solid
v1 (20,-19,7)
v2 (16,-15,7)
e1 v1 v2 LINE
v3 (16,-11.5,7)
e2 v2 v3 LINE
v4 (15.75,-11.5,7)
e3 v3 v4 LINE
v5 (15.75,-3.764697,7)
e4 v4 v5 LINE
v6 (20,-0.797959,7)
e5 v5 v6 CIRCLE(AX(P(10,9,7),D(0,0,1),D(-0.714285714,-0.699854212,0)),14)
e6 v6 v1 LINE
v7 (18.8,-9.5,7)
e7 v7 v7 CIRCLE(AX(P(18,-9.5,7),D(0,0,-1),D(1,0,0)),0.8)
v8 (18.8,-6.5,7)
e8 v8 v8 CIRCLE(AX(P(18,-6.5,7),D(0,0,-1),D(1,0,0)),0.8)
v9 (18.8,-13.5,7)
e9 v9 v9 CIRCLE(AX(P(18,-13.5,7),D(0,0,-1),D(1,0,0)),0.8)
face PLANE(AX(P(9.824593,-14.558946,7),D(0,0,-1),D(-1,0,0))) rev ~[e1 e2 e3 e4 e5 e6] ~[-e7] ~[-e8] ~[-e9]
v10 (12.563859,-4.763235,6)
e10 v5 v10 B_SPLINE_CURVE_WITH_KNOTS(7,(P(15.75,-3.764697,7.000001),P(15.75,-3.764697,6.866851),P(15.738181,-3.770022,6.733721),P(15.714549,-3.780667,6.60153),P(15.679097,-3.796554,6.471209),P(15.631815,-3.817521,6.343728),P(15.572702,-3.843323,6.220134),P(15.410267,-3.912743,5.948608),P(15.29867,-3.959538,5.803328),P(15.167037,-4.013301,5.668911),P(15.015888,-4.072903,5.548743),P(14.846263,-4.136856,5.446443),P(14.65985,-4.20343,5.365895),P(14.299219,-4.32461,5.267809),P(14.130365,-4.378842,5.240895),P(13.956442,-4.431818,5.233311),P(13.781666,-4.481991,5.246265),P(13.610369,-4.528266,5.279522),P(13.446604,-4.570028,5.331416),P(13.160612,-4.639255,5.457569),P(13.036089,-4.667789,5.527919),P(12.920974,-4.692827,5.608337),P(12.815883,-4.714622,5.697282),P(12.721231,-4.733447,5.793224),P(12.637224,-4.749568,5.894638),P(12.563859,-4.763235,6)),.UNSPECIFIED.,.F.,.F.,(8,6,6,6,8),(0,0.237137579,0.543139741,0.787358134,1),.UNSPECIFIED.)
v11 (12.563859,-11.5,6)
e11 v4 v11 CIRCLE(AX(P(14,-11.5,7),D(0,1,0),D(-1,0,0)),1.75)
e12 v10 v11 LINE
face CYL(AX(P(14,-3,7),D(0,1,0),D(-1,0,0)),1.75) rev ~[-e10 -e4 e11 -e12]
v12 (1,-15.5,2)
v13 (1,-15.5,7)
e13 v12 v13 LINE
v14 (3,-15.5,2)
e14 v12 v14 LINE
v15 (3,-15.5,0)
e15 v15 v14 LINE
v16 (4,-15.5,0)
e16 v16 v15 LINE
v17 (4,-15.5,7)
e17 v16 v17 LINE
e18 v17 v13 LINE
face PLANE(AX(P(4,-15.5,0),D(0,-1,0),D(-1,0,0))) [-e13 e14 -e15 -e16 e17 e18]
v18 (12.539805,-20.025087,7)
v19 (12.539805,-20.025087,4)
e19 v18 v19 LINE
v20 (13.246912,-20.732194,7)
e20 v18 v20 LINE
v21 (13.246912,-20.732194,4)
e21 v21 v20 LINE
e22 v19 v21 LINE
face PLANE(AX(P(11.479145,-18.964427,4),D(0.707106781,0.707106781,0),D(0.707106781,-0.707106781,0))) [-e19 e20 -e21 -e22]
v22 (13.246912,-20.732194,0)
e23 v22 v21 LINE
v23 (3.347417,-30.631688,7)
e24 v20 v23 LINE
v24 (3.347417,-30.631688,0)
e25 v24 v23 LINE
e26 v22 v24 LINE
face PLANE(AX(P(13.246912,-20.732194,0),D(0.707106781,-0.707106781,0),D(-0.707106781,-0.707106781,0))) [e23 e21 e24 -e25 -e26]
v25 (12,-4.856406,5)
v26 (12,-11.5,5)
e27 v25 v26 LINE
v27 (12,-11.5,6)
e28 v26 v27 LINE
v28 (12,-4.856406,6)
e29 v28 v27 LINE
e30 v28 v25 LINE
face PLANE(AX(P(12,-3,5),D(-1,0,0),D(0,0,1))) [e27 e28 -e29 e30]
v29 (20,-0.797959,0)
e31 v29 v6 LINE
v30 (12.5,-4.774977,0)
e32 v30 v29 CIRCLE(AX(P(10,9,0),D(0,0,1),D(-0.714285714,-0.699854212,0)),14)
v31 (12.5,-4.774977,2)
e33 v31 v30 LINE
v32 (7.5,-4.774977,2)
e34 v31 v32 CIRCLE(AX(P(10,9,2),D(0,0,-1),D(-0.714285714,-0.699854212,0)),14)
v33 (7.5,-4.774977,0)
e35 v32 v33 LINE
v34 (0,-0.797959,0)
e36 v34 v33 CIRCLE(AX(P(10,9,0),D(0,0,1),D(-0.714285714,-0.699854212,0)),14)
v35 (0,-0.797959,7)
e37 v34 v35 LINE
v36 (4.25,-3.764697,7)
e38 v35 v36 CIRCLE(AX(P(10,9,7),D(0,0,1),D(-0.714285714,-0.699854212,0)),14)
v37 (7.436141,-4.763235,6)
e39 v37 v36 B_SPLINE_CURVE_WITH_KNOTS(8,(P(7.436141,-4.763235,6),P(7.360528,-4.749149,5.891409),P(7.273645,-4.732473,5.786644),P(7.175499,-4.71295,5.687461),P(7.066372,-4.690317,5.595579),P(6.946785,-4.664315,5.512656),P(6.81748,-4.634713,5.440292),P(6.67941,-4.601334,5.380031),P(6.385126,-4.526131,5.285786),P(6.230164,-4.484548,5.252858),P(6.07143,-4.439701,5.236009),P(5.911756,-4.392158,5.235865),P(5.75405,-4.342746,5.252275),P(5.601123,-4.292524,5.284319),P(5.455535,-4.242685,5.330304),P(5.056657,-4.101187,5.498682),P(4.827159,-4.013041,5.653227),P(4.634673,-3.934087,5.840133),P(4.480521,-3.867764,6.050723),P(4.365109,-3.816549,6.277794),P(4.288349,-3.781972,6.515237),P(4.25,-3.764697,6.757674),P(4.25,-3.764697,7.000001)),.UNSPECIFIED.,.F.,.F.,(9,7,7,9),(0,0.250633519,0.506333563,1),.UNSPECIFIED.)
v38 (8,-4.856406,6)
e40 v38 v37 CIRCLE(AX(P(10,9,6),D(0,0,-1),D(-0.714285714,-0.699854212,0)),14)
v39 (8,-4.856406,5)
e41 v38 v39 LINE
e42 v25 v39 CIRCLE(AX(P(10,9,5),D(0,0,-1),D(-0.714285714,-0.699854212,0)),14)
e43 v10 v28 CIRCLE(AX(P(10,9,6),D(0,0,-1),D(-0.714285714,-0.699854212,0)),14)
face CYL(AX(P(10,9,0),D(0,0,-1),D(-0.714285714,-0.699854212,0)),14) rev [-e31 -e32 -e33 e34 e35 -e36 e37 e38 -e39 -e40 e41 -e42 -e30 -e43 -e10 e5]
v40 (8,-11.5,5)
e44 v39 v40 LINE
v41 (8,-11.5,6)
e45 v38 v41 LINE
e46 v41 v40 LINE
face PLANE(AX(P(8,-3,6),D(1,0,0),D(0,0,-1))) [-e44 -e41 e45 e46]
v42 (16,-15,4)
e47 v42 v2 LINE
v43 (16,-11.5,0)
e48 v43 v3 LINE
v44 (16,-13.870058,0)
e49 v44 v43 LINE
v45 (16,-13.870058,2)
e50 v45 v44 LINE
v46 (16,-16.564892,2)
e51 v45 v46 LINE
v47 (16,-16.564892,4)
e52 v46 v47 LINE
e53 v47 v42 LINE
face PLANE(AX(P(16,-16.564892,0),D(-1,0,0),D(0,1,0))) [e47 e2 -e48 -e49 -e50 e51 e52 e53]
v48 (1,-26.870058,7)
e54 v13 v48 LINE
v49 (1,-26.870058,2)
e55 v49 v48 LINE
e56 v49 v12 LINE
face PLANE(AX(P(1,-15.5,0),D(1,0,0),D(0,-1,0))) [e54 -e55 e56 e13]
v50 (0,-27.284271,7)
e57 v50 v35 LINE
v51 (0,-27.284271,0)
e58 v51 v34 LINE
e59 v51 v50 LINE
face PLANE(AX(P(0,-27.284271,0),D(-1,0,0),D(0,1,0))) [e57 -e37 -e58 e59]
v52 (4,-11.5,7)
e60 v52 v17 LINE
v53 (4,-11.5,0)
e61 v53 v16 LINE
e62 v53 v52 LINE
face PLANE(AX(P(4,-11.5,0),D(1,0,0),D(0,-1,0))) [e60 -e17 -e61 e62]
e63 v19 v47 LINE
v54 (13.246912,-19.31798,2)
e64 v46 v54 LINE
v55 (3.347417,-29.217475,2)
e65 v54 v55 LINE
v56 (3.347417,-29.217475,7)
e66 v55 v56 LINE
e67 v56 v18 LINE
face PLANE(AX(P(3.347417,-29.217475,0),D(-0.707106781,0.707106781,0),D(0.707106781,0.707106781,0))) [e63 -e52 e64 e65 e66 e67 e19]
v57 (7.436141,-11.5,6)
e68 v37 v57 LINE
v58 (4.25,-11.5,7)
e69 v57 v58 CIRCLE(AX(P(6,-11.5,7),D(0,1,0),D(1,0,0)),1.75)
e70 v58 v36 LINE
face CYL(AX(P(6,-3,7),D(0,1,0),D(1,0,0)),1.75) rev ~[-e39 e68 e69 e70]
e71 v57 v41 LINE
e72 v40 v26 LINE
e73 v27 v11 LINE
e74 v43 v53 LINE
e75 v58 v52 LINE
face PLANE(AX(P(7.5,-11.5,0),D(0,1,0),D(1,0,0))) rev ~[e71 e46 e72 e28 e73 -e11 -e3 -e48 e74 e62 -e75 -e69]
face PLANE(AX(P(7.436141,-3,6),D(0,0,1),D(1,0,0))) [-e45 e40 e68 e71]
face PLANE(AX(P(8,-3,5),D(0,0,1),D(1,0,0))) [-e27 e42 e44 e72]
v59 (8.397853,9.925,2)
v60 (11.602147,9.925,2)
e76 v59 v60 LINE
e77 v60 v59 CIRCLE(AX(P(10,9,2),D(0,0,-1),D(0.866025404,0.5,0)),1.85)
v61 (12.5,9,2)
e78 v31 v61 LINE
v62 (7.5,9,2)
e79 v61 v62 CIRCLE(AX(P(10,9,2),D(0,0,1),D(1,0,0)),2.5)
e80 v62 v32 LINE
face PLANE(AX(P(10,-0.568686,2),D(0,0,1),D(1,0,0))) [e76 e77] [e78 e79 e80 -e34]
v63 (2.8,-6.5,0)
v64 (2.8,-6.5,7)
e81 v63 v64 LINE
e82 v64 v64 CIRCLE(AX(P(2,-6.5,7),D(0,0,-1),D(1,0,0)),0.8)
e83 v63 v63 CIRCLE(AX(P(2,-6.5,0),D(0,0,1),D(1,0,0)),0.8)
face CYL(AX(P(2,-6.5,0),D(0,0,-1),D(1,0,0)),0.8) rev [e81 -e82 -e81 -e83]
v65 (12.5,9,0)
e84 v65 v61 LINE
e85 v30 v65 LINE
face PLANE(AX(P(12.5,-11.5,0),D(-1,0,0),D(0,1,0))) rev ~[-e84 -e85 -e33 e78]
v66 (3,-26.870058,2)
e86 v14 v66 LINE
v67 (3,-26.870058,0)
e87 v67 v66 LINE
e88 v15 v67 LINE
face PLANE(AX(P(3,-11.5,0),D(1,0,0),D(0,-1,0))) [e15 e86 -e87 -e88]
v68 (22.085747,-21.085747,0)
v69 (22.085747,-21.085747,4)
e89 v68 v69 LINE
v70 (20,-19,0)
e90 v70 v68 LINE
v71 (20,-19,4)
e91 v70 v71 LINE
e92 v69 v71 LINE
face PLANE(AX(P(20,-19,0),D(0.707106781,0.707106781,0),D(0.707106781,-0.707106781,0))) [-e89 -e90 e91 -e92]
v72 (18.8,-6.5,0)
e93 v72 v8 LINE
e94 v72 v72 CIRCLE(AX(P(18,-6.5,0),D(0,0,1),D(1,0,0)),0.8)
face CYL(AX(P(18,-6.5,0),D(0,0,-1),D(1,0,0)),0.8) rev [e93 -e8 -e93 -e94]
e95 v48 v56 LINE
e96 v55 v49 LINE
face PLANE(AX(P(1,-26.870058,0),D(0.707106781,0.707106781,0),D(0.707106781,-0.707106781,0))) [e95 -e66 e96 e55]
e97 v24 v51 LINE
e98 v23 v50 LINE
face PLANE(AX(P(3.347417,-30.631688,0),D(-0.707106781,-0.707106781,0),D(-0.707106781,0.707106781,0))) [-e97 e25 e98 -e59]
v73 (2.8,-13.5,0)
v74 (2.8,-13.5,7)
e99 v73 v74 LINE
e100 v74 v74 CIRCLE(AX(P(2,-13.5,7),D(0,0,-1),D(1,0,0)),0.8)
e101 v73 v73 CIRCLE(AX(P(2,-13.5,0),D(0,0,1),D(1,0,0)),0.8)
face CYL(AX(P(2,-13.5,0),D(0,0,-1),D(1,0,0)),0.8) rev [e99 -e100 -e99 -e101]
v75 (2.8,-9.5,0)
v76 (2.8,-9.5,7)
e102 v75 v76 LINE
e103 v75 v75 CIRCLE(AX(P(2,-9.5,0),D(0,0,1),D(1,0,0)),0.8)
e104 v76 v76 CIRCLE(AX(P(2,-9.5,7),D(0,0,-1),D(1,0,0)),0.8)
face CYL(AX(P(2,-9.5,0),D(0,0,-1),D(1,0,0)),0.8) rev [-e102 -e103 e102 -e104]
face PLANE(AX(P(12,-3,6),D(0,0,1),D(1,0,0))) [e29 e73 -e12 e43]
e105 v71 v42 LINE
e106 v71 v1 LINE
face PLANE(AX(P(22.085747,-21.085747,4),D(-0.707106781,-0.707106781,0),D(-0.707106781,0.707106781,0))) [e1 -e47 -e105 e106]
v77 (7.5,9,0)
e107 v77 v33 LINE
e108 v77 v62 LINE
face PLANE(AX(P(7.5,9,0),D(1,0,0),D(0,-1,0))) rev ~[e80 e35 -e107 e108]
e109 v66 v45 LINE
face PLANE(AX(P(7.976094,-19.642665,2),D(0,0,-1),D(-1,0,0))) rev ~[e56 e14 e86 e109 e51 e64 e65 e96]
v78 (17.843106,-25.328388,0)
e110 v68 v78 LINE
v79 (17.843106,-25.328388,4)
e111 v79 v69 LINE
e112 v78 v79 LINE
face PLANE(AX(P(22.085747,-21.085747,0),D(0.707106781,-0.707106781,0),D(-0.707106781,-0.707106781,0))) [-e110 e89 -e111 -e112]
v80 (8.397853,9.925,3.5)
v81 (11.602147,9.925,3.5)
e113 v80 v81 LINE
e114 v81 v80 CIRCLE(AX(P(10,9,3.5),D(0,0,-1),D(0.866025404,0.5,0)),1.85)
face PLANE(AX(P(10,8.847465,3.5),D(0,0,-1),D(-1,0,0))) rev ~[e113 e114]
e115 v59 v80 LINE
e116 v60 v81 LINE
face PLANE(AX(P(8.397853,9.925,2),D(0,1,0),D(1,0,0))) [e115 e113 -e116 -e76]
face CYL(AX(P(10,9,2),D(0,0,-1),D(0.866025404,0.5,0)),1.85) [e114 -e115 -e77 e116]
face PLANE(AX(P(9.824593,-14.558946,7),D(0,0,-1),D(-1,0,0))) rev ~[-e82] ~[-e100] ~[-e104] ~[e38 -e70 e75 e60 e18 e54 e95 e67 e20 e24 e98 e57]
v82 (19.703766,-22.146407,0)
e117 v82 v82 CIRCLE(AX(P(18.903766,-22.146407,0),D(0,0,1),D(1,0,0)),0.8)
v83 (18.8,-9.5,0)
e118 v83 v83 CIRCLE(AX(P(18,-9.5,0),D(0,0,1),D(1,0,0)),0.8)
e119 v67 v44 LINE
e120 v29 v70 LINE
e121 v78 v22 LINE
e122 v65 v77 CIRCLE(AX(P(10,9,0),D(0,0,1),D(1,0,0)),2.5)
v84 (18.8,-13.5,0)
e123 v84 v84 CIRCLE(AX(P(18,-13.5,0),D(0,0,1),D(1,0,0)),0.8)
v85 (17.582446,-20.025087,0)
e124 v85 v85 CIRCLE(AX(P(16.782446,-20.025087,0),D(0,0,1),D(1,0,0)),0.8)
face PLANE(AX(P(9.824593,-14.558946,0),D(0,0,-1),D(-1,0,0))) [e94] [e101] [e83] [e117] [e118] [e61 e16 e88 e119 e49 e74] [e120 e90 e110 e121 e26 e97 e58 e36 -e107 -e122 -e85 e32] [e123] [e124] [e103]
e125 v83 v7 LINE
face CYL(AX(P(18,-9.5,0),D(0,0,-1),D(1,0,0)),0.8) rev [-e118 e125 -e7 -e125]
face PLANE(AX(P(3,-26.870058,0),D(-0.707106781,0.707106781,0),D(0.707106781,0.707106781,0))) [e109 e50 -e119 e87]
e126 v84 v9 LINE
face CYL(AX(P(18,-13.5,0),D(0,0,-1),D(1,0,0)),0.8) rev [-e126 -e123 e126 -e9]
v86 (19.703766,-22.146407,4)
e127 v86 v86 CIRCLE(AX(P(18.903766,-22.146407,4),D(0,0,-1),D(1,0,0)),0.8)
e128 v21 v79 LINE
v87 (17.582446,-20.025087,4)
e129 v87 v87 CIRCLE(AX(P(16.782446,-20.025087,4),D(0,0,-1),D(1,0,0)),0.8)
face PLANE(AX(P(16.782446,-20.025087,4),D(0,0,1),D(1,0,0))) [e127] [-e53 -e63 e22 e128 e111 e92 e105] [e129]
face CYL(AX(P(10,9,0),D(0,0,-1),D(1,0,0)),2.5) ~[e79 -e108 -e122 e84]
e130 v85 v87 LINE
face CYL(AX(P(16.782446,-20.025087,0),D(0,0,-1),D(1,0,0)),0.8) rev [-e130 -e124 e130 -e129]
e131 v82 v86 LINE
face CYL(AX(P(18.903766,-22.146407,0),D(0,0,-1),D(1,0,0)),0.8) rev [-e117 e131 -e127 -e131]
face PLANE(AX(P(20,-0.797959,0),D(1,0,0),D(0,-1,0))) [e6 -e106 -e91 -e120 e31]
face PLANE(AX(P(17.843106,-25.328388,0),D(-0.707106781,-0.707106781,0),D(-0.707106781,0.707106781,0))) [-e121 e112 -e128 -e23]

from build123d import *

# Parameters (mm, degrees)
BOSS_EXTRUDE1_DEPTH        = 7
BOSS_EXTRUDE2_DEPTH        = 2
BOSS_EXTRUDE3_DEPTH        = 2
BOSS_EXTRUDE4_START        = 2
BOSS_EXTRUDE4_DEPTH        = 1.5
WIRE_START                 = -3
SKETCH3_R                  = 1.75
WIRE_AND_TUBE_CANALS_DEPTH = 8.5
SKETCH5_R                  = 0.8
SKETCH5_R_2                = 0.799999999
SCREW_HOLES_DEPTH          = 8.0000001
CUT_EXTRUDE1_START         = 4
CUT_EXTRUDE1_DEPTH         = 3


with BuildPart() as part:
    # Sketch1 → Boss-Extrude1 (new body)
    with BuildSketch(Plane.XY):
        with BuildLine():
            Line((13.246912191, -20.732193563), (3.347417254, -30.6316885))
            Line((3.347417254, -30.6316885), (0, -27.284271246))
            Line((0, -27.284271246), (0, -0.797958973))
            ThreePointArc((0, -0.797958973), (9.999999999, -5), (19.999999998, -0.797958971))
            Line((19.999999998, -0.797958971), (19.999999998, -19))
            Line((19.999999998, -19), (22.085746954, -21.085746956))
            Line((22.085746954, -21.085746956), (17.843106269, -25.328387641))
            Line((17.843106269, -25.328387641), (13.246912191, -20.732193563))
        make_face()
        Polygon((1, -15.5), (1, -26.870057685), (3.347417253, -29.217474938), (15.999999998, -16.564892192), (15.999999998, -11.5), (4, -11.5), (4, -15.5), align=None, mode=Mode.SUBTRACT)
    extrude(amount=BOSS_EXTRUDE1_DEPTH)

    # Sketch6 → Boss-Extrude2 (add)
    with BuildSketch(Plane.XY):
        Polygon((1, -11.5), (3, -11.5), (3, -26.87005769), (17, -12.87005769), (17, -11.500000008), (19, -11.500000008), (19, -18.000000005), (17.843106267, -16.843106272), (14.307572361, -20.378640178), (13.246912189, -19.317980006), (3.347417253, -29.217474943), (1, -26.87005769), align=None)
    extrude(amount=BOSS_EXTRUDE2_DEPTH)

    # Sketch8 → Boss-Extrude3 (add)
    with BuildSketch(Plane.XY):
        with BuildLine():
            Line((10, -11.5), (12.5, -11.5))
            Line((12.5, -11.5), (12.5, 9))
            ThreePointArc((12.5, 9), (10, 11.5), (7.5, 9))
            Line((7.5, 9), (7.5, -11.5))
            Line((7.5, -11.5), (10, -11.5))
        make_face()
    extrude(amount=BOSS_EXTRUDE3_DEPTH)

    # Sketch9 → Boss-Extrude4 (add)
    with BuildSketch(Plane.XY.offset(BOSS_EXTRUDE4_START)):
        with BuildLine():
            Line((8.397853003, 9.925), (11.602146997, 9.925))
            ThreePointArc((11.602146997, 9.925), (10, 7.15), (8.397853003, 9.925))
        make_face()
    extrude(amount=BOSS_EXTRUDE4_DEPTH)

    # Sketch3 → Wire and Tube Canals (cut)
    with BuildSketch(Plane(origin=(0, 0, 0), x_dir=(1, 0, 0), z_dir=(0, 1, 0)).offset(WIRE_START)):
        with Locations((6, -7)):
            Circle(SKETCH3_R)
        with Locations((14, -7)):
            Circle(SKETCH3_R)
        Polygon((6, -6), (8, -6), (8, -5), (12, -5), (12, -6), (14, -6), (14, -7), (6, -7), align=None)
    extrude(amount=-WIRE_AND_TUBE_CANALS_DEPTH, mode=Mode.SUBTRACT)

    # Sketch5 → Screw Holes (cut, through all)
    with BuildSketch(Plane.XY):
        with Locations((2, -6.5)):
            Circle(SKETCH5_R)
        with Locations((2, -9.5)):
            Circle(SKETCH5_R)
        with Locations((18, -9.5)):
            Circle(SKETCH5_R)
        with Locations((18, -6.5)):
            Circle(SKETCH5_R)
        with Locations((18.90376644, -22.146407127)):
            Circle(SKETCH5_R_2)
        with Locations((16.782446096, -20.025086783)):
            Circle(SKETCH5_R_2)
        with Locations((2, -13.5)):
            Circle(SKETCH5_R)
        with Locations((18, -13.5)):
            Circle(SKETCH5_R)
    extrude(amount=SCREW_HOLES_DEPTH, mode=Mode.SUBTRACT)

    # Sketch10 → Cut-Extrude1 (cut)
    with BuildSketch(Plane.XY.offset(CUT_EXTRUDE1_START)):
        Polygon((17.843106269, -25.328387641), (22.085746954, -21.085746956), (15.721785923, -14.721785925), (11.479145238, -18.96442661), align=None)
    extrude(amount=CUT_EXTRUDE1_DEPTH, mode=Mode.SUBTRACT)


solid = part.part
